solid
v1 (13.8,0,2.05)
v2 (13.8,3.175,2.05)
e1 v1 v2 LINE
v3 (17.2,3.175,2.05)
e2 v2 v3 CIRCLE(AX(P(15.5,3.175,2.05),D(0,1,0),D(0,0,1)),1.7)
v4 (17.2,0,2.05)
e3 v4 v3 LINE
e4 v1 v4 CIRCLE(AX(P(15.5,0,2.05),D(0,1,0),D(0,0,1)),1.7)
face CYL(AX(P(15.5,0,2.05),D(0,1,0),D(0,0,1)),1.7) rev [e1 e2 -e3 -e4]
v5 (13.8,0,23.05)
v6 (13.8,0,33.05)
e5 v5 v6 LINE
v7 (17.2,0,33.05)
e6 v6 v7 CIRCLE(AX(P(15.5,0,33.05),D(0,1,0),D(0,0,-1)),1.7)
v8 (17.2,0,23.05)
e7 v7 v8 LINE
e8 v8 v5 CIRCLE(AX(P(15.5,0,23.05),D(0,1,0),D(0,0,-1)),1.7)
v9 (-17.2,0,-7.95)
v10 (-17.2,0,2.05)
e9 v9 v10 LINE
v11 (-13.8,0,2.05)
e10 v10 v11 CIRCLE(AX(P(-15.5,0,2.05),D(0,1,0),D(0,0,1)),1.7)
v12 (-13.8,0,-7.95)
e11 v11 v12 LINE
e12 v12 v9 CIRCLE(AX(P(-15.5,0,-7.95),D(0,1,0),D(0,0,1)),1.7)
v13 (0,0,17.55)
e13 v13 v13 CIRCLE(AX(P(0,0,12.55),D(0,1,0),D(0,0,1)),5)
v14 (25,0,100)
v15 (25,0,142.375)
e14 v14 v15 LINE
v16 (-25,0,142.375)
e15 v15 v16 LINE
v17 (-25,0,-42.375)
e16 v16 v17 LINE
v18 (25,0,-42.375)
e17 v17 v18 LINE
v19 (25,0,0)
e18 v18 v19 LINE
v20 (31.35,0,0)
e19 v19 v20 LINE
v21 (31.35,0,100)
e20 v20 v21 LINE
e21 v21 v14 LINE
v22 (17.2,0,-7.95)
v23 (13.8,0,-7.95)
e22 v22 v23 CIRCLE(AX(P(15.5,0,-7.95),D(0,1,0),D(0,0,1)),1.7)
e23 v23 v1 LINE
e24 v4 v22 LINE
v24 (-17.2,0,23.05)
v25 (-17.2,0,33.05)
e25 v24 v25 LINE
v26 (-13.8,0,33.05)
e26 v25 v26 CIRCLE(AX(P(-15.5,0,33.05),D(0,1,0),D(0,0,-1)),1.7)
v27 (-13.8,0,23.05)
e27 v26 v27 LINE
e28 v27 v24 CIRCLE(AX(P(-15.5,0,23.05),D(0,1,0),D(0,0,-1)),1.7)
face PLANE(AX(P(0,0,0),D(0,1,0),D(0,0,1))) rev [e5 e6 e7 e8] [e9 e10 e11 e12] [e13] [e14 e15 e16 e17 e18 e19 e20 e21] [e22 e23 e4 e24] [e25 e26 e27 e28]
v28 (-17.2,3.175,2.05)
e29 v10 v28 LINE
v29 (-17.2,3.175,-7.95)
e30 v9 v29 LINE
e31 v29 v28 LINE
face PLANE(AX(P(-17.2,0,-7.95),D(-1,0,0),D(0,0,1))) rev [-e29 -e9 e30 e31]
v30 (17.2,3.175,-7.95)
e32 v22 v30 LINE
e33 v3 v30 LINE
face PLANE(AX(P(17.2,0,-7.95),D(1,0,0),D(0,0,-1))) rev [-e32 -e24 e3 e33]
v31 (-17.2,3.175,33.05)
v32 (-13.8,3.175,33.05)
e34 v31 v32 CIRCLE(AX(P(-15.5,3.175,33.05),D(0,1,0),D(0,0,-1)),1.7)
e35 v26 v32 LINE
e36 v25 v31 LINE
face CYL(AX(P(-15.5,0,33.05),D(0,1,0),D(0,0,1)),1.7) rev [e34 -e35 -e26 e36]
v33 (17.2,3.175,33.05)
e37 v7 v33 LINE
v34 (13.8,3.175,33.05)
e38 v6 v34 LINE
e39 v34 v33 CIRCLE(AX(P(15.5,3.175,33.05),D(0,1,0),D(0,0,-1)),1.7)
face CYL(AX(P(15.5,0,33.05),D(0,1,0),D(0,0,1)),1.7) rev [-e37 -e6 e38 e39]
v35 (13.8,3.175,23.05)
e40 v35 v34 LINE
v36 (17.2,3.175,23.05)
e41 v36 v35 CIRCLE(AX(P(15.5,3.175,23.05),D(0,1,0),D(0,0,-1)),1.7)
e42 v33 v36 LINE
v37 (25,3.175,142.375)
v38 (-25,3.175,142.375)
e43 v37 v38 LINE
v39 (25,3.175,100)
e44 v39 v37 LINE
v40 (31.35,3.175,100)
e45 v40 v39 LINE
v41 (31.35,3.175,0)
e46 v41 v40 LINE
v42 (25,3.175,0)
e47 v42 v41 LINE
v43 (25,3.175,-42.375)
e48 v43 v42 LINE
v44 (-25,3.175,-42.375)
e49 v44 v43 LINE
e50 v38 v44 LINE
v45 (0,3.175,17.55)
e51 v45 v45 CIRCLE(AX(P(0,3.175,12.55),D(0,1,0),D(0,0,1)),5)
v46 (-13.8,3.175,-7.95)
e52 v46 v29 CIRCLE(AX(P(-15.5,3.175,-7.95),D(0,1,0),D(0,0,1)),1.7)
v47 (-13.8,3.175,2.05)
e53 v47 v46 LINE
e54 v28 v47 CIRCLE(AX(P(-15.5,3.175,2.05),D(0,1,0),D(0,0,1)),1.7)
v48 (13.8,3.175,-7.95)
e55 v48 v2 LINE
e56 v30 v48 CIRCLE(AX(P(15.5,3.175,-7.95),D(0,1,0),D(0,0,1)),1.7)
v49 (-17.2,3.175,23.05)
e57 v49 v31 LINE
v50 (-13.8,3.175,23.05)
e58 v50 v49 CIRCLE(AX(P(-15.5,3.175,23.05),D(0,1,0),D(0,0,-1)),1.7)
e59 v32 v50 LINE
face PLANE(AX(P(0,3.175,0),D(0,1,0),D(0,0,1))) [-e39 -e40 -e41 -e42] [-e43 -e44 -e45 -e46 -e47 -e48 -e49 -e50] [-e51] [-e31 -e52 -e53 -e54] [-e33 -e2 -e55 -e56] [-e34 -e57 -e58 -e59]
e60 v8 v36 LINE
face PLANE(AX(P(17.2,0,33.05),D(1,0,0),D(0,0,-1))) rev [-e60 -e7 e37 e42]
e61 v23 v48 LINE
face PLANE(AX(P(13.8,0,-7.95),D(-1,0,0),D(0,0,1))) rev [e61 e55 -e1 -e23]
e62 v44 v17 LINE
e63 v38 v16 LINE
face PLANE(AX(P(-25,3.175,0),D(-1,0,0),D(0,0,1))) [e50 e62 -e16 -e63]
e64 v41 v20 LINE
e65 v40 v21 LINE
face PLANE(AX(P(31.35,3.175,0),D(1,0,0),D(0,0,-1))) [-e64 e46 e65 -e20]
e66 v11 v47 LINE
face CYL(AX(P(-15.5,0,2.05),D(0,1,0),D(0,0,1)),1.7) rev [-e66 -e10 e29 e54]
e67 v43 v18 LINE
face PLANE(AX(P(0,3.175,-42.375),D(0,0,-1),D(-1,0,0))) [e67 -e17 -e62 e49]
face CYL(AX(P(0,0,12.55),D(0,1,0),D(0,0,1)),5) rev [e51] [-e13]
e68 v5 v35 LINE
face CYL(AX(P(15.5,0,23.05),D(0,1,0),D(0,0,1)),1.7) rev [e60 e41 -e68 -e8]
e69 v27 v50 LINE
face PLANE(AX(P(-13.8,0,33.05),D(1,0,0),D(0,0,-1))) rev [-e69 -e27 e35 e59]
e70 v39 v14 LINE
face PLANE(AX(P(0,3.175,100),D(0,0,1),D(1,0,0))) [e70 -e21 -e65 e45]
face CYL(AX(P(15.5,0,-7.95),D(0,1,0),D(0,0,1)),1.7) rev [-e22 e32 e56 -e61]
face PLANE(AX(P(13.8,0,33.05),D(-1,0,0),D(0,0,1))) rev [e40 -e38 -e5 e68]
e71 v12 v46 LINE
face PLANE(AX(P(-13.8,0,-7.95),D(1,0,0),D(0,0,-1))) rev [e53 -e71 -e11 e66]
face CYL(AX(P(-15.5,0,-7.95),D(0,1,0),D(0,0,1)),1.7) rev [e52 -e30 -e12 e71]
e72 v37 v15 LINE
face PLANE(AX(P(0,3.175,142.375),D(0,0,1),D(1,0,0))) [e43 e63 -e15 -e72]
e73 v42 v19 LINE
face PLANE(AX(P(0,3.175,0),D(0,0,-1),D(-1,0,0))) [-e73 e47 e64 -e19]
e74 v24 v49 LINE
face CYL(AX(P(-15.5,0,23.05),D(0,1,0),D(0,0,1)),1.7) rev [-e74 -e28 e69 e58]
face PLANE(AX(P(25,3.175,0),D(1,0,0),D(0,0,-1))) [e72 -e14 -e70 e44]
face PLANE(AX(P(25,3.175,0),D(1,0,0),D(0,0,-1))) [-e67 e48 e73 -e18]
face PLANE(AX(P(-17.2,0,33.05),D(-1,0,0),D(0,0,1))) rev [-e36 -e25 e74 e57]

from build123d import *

# Parameters (mm, degrees)
BOSS_EXTRUDE1_DEPTH  = 3.175
SKETCH2_R            = 5
CUT_EXTRUDE1_DEPTH   = 146.820244651
M3_CLEARANCE_HOLE1_D = 3.4
CUT_EXTRUDE2_DEPTH   = 146.820244651


with BuildPart() as part:
    # Sketch1 → Boss-Extrude1 (new body)
    with BuildSketch(Plane(origin=(0, 0, 0), x_dir=(1, 0, 0), z_dir=(0, 1, 0))):
        Polygon((-25, 0), (-25, 42.375), (25, 42.375), (25, 0), (31.35, 0), (31.35, -100), (25, -100), (25, -142.375), (-25, -142.375), (-25, -100), align=None)
    extrude(amount=BOSS_EXTRUDE1_DEPTH)

    # Sketch2 → Cut-Extrude1 (cut, through all)
    with BuildSketch(Plane(origin=(0, 3.175, 0), x_dir=(1, 0, 0), z_dir=(0, 1, 0))):
        with Locations(Location((0, -12.55, 0), (0, 0, 270))):
            Circle(SKETCH2_R)
    extrude(amount=-CUT_EXTRUDE1_DEPTH, mode=Mode.SUBTRACT)

    # M3 Clearance Hole1 (through all)
    with Locations(Plane(origin=(0, 3.175, 0), x_dir=(1, 0, 0), z_dir=(0, 1, 0))):
        with Locations((-15.5, 2.95), (15.5, 2.95), (15.5, -28.05), (-15.5, -28.05)):
            Hole(M3_CLEARANCE_HOLE1_D / 2)

    # Sketch7 → Cut-Extrude2 (cut, through all)
    with BuildSketch(Plane(origin=(0, 3.175, 0), x_dir=(1, 0, 0), z_dir=(0, 1, 0))):
        with BuildLine():
            Line((17.2, 7.95), (17.2, -2.05))
            ThreePointArc((17.2, -2.05), (15.5, -3.75), (13.8, -2.05))
            Line((13.8, -2.05), (13.8, 7.95))
            ThreePointArc((13.8, 7.95), (15.5, 9.65), (17.2, 7.95))
        make_face()
        with BuildLine():
            Line((-13.8, 7.95), (-13.8, -2.05))
            ThreePointArc((-13.8, -2.05), (-15.5, -3.75), (-17.2, -2.05))
            Line((-17.2, -2.05), (-17.2, 7.95))
            ThreePointArc((-17.2, 7.95), (-15.5, 9.65), (-13.8, 7.95))
        make_face()
        with BuildLine():
            Line((17.2, -33.05), (17.2, -23.05))
            ThreePointArc((17.2, -23.05), (15.5, -21.35), (13.8, -23.05))
            Line((13.8, -23.05), (13.8, -33.05))
            ThreePointArc((13.8, -33.05), (15.5, -34.75), (17.2, -33.05))
        make_face()
        with BuildLine():
            Line((-13.8, -33.05), (-13.8, -23.05))
            ThreePointArc((-13.8, -23.05), (-15.5, -21.35), (-17.2, -23.05))
            Line((-17.2, -23.05), (-17.2, -33.05))
            ThreePointArc((-17.2, -33.05), (-15.5, -34.75), (-13.8, -33.05))
        make_face()
    extrude(amount=-CUT_EXTRUDE2_DEPTH, mode=Mode.SUBTRACT)


solid = part.part
